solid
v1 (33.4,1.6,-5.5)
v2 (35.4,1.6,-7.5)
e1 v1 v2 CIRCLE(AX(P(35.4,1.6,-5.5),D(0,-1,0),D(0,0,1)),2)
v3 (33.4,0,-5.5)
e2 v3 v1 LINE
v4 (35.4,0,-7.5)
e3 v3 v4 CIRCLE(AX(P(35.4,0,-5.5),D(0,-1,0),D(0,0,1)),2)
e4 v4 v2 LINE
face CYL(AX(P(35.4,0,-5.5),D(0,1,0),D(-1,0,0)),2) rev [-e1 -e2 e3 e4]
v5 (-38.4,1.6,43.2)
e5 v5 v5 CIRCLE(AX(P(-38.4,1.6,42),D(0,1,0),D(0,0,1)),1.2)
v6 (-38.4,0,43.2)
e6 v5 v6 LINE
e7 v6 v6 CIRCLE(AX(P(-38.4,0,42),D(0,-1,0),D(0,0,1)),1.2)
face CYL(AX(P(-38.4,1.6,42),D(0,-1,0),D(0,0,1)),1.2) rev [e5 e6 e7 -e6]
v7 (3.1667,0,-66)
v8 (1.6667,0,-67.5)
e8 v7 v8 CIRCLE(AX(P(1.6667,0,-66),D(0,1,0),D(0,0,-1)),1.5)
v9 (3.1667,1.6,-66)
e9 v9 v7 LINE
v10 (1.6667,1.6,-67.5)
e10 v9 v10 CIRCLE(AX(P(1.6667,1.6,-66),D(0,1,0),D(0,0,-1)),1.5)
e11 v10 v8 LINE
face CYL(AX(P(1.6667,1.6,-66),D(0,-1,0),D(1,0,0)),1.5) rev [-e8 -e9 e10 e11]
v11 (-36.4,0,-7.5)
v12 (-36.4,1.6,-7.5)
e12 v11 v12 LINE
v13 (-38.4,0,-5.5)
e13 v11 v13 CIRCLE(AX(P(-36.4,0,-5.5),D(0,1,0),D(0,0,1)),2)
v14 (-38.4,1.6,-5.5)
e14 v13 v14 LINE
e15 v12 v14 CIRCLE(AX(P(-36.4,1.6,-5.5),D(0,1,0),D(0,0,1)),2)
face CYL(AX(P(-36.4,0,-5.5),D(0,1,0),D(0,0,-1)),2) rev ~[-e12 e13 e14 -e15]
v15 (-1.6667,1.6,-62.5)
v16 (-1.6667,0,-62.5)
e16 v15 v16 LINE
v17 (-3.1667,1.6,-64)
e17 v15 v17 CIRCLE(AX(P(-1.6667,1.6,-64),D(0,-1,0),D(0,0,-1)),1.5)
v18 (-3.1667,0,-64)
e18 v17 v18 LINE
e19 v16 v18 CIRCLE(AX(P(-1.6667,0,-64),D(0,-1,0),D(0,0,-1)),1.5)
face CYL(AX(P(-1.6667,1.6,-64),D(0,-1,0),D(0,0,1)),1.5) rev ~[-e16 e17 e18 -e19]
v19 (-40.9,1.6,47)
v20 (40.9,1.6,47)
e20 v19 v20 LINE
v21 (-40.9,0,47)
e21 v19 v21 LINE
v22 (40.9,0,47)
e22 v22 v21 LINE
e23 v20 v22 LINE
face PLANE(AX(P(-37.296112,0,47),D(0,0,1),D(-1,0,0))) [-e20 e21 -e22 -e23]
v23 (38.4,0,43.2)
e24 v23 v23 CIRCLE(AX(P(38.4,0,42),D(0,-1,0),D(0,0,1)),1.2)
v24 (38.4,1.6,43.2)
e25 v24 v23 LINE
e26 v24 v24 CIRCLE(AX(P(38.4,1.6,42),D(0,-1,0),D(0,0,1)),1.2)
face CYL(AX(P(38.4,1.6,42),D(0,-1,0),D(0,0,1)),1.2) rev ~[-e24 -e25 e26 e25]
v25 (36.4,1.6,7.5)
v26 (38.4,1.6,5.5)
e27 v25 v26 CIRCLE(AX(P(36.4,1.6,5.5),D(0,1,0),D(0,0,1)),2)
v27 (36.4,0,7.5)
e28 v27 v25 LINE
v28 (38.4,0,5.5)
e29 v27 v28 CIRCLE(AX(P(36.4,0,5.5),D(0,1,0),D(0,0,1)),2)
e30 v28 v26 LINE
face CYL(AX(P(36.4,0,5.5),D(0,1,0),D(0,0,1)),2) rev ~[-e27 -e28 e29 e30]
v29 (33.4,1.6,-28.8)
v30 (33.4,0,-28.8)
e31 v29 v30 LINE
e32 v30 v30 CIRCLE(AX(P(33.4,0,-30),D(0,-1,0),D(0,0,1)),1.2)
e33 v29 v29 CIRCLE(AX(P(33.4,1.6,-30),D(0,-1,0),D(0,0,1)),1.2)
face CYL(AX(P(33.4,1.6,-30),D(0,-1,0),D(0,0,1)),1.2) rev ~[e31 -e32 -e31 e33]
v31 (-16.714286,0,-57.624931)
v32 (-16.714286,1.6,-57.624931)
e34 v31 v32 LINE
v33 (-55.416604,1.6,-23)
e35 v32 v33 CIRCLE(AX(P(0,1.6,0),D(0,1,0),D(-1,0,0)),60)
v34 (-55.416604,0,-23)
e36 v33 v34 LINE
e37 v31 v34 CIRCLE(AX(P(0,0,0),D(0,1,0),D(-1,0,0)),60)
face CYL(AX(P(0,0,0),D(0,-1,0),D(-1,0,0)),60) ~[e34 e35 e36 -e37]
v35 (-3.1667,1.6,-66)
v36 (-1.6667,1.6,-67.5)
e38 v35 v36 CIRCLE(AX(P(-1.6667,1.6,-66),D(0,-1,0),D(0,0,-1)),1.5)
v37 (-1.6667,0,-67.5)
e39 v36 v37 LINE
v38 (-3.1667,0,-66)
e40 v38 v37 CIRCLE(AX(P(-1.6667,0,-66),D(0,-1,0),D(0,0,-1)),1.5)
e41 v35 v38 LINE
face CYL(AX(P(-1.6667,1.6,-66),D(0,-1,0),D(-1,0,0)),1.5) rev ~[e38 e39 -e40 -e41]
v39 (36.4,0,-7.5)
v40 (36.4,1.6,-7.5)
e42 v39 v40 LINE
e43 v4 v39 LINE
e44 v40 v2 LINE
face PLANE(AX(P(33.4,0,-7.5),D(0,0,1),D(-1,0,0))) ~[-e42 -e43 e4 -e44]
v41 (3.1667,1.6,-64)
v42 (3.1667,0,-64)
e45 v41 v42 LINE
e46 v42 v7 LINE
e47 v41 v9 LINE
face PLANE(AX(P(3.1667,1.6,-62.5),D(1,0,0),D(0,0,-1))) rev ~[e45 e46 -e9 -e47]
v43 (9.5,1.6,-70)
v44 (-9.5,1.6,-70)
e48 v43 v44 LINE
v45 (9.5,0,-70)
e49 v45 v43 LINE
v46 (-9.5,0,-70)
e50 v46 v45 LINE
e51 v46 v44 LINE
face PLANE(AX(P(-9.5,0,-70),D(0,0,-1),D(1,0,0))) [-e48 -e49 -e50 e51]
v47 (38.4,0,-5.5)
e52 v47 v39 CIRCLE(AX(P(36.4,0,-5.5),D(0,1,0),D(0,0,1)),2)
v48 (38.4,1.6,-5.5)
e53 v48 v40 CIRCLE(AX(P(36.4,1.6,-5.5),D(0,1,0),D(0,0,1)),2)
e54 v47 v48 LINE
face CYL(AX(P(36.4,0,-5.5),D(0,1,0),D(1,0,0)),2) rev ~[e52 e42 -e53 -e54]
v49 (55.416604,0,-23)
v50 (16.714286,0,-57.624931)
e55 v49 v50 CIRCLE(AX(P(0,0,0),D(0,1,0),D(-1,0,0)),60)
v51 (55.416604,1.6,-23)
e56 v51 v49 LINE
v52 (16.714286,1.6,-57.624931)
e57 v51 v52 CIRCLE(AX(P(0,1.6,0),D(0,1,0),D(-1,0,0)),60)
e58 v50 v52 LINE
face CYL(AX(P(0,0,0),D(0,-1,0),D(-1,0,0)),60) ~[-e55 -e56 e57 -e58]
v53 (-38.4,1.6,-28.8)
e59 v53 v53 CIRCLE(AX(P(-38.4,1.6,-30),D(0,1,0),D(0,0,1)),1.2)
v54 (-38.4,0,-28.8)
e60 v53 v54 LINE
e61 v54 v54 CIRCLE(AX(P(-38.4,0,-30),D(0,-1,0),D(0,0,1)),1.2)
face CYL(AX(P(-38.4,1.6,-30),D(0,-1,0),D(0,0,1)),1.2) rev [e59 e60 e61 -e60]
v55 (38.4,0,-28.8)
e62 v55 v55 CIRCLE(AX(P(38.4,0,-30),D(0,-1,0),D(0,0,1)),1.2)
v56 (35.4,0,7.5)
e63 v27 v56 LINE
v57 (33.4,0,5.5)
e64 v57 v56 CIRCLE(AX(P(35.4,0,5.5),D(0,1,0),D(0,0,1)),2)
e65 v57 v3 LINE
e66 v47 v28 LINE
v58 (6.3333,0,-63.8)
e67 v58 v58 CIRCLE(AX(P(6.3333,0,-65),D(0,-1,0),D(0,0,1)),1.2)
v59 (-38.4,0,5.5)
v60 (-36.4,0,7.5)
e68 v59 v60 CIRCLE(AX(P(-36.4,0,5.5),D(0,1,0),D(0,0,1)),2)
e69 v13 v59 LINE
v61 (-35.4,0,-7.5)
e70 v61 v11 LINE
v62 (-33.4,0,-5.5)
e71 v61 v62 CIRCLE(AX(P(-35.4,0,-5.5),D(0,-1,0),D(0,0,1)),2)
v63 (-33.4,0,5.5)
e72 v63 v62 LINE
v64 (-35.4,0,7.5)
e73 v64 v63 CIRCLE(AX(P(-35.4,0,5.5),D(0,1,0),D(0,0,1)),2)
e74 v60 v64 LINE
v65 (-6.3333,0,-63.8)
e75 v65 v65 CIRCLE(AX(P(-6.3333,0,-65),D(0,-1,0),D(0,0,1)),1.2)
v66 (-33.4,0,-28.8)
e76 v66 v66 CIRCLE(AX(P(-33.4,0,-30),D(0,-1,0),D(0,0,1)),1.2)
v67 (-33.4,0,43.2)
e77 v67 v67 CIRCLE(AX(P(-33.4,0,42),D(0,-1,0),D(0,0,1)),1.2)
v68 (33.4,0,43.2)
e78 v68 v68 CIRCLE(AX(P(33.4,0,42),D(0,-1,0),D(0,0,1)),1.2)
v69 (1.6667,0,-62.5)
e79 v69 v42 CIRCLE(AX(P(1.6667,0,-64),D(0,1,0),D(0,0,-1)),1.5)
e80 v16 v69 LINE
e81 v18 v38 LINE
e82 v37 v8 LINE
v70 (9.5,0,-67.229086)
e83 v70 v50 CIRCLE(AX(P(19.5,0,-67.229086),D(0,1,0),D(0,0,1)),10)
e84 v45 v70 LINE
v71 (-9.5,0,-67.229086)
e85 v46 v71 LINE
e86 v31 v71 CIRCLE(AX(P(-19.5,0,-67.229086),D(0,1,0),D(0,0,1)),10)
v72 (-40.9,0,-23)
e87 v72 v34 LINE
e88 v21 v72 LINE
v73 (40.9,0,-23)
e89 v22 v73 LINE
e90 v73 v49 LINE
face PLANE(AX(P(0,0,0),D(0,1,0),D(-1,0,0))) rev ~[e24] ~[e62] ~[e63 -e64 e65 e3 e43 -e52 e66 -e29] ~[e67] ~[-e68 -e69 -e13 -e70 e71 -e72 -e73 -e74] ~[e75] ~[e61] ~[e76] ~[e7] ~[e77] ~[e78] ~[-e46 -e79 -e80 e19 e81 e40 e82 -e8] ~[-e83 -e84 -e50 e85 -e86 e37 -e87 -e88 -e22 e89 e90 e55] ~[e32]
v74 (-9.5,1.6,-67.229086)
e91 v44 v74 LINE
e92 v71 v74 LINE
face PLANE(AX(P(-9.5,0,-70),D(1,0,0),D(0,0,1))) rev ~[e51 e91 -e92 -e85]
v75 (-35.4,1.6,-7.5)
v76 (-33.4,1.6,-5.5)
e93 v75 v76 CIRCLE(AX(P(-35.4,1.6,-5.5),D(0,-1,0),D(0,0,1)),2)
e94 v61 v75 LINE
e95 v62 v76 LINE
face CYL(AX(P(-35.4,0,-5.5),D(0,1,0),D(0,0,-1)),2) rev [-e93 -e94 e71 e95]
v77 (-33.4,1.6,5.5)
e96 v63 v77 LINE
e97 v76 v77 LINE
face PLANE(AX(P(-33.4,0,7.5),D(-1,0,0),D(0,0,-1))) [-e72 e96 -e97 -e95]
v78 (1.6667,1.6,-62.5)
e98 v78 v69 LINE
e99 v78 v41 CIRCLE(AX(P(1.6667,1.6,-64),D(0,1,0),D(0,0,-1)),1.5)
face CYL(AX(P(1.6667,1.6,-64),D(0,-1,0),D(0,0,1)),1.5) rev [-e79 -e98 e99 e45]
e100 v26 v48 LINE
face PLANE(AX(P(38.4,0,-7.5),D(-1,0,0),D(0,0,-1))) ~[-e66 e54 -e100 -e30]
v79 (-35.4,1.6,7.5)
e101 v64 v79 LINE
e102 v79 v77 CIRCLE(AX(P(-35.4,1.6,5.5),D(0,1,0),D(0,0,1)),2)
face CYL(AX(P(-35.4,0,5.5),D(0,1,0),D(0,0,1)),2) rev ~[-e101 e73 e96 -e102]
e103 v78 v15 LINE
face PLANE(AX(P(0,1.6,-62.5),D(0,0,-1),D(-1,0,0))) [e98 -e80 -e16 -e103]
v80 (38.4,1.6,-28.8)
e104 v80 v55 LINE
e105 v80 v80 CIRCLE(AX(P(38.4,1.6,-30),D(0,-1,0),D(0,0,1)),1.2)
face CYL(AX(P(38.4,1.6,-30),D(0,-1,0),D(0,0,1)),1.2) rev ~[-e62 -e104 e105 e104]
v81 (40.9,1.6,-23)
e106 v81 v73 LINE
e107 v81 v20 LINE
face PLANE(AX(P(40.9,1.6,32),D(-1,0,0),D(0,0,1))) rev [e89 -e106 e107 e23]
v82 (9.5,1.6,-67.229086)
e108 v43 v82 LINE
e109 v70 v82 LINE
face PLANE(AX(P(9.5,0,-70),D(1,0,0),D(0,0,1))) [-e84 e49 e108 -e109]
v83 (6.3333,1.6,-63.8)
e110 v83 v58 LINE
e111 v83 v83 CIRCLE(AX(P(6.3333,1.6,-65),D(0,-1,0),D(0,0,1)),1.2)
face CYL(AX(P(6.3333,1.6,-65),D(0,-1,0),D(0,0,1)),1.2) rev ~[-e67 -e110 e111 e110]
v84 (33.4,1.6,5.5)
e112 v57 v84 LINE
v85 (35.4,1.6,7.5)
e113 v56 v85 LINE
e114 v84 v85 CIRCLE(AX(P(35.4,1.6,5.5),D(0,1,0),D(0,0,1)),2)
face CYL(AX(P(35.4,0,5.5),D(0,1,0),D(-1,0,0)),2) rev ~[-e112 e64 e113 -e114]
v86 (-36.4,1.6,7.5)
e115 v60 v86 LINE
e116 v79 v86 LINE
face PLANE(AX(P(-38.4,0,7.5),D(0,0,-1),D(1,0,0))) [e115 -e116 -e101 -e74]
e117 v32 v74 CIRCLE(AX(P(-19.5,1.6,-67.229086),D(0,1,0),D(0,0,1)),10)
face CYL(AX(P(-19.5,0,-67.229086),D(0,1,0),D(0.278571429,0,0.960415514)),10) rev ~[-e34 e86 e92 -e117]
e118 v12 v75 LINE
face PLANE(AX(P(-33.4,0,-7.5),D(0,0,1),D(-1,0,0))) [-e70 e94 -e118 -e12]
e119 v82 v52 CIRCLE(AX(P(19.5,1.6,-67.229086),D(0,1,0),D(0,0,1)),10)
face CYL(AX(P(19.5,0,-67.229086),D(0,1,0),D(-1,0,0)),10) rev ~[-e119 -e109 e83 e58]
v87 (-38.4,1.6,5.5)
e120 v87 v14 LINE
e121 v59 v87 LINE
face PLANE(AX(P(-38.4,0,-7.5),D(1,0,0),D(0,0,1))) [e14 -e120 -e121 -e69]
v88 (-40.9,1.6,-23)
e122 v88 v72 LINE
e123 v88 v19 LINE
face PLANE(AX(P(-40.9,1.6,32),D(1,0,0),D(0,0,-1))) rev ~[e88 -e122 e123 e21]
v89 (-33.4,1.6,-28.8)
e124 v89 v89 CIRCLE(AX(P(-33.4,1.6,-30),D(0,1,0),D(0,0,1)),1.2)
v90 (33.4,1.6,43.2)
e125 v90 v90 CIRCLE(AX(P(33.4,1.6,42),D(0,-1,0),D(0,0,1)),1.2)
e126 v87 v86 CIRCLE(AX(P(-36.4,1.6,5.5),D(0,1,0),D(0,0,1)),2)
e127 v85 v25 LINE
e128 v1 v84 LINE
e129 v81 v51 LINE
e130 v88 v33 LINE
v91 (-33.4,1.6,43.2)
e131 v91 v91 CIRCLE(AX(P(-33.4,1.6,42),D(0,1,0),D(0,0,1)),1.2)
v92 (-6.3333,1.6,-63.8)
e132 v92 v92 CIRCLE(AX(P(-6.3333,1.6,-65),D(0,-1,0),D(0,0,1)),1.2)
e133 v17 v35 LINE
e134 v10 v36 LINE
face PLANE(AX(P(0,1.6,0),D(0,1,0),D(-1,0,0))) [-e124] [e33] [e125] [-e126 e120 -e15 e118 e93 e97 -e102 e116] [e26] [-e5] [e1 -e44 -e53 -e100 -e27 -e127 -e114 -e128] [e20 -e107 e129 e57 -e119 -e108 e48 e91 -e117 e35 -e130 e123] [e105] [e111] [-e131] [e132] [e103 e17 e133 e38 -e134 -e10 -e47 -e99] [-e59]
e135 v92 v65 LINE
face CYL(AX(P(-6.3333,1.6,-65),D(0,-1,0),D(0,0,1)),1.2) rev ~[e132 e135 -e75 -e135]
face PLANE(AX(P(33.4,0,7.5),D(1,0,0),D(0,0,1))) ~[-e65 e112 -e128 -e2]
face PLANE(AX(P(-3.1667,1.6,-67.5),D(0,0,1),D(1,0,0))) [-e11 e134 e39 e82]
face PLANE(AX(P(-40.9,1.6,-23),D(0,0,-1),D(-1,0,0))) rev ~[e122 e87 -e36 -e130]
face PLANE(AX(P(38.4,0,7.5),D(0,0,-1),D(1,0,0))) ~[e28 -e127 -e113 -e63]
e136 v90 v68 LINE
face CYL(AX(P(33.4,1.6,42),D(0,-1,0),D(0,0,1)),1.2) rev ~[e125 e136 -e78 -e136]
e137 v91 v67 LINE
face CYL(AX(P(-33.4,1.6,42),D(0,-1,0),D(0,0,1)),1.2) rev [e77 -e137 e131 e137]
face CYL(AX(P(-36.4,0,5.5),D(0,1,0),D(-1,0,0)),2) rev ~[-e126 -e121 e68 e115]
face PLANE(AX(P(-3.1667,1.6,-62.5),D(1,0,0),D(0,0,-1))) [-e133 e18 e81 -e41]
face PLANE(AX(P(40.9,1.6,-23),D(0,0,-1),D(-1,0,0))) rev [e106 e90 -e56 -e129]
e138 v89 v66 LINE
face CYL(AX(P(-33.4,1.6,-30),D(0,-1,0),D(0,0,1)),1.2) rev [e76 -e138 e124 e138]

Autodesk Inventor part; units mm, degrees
ref_plane "YZ Plane" through (0, 0, 0) normal (1, 0, 0) x (0, 1, 0)
ref_plane "XZ Plane" through (0, 0, 0) normal (0, 1, 0) x (-1, 0, 0)
ref_plane "XY Plane" through (0, 0, 0) normal (0, 0, 1) x (1, 0, 0)
sketch "スケッチ1" plane through (0, 0, 0) normal (0, 1, 0) x (-1, 0, 0)
  circle A0 centre (0, 0) radius 60
  line L0 (60, 0) -> (-60, 0)
  line L1 (-60, 0) -> (-60, 47)
  line L2 (-60, 47) -> (60, 47)
  line L3 (60, 47) -> (60, 0)
  line L4 (9.5, -70) -> (9.5, -59.2431)
  line L5 (-9.5, -70) -> (-9.5, -59.2431)
  line L6 (9.5, -70) -> (-9.5, -70)
  line L7 (0, -70) -> (0, -60)
  point P0 (37.2961, 47)
  point P1 (3.75, -60.165)
  point P2 (-3.75, -60.165)
  point P3 (-37.2961, 47)
  dimension "d41" = 120
  dimension "d70" = 60.165
  dimension "d71" = 7.5
  dimension "d72" = 3.75
  dimension "d88" = 47
  dimension "d147" = 19
  dimension "d148" = 10
extrude "押し出し1" add sketch "スケッチ1" along normal blind 1.6 contours L0 A0 | L1 L2 A0 | A0 L2 L0 | A0 L7 L6 L5 | A0 L2 L3 | A0 L4 L6 L7
sketch "スケッチ6" plane through (0, 1.6, 0) normal (0, 1, 0) x (-1, 0, 0)
  line L0 (-33.4, -30) -> (-33.4, 42) construction
  line L1 (-33.4, 42) -> (-38.4, 42) construction
  line L2 (-38.4, 42) -> (-38.4, -30) construction
  line L3 (-33.4, 12) -> (-38.4, 12) construction
  line L4 (-40.9, 21.5) -> (-40.9, -18.5) construction
  line L5 (-33.4, -30) -> (-38.4, -30) construction
  line L6 (-42.5, 20) -> (-42.5, -20) construction
  point P0 (0, 0)
  point P1 (-35.9, 0)
  dimension "d52" = 5
  dimension "d53" = 72
  dimension "d54" = 30
  dimension "d55" = 2.5
  dimension "d68" = 33.4
  dimension "d69" = 12
  dimension "d100" = 30
hole "穴3" at (33.4, 1.6, 42) at (38.4, 1.6, 42) at (38.4, 1.6, -30) at (33.4, 1.6, -30) at (35.9, 1.6, 0) direction (0, -1, 0) diameter 2.4 end through all clearance for "Countersunk Flat Head Screw ISO 2009/7046" size "M2" standard "ISO"
mirror "ミラー2" about plane through (0, 0, 0) normal (1, 0, 0) of "穴3"
sketch "スケッチ9" plane through (0, 1.6, 0) normal (0, 1, 0) x (1, 0, 0)
  line L0 (-40.9, 23) -> (-70.9, 23)
  line L1 (-70.9, 23) -> (-70.9, -32)
  line L2 (-70.9, -32) -> (-40.9, -32)
  line L3 (-40.9, -32) -> (-40.9, 23)
  line L4 (-60, 0) -> (-60, -47) projected
  line L5 (-60, -47) -> (60, -47) projected
  line L6 (-40.9, -32) -> (-70.9, -32)
  line L7 (-70.9, -32) -> (-70.9, -49)
  line L8 (-70.9, -49) -> (-40.9, -49)
  line L9 (-40.9, -49) -> (-40.9, -32)
  point P0 (0, 0)
  point P1 (-40.9, -47)
  point P2 (-60, -32)
  dimension "d84" = 55
  dimension "d89" = 23
  dimension "d90" = 40.9
  dimension "d91" = 30
  dimension "d92" = 17
extrude "押し出し2" cut sketch "スケッチ9" against normal blind 10 contours L3 L2 L1 L0 | L9 L5 L4 L2
mirror "ミラー3" about plane through (0, 0, 0) normal (1, 0, 0) of "押し出し2"
sketch "スケッチ12" plane through (0, 1.6, 0) normal (0, 1, 0) x (1, 0, 0)
  line L0 (-56.8017, 16.1133) -> (59.6732, 16.1133) construction
  line L1 (59.6732, 16.1133) -> (59.6732, -15.1509) construction
  line L2 (59.6732, -15.1509) -> (-56.8017, -15.1509) construction
  line L3 (-56.8017, -15.1509) -> (-56.8017, 16.1133) construction
  point P0 (0, 0)
sketch "スケッチ13" plane through (0, 1.6, 0) normal (0, 1, 0) x (1, 0, 0)
  point P0 (0, 0)
fillet "フィレット1" radius 10 2 edges at (9.5, 0.8, -59.2431) (-9.5, 0.8, -59.2431)
sketch "スケッチ16" plane through (0, 0, 0) normal (0, -1, 0) x (1, 0, 0)
  circle A0 centre (-35.9, 0) radius 1.2 projected
  line L0 (-33.4, -7.5) -> (-38.4, -7.5)
  line L1 (-38.4, -7.5) -> (-38.4, 7.5)
  line L2 (-38.4, 7.5) -> (-33.4, 7.5)
  line L3 (-33.4, 7.5) -> (-33.4, -7.5)
  line L4 (-33.4, -7.5) -> (-38.4, 7.5) construction
  line L5 (-33.4, 7.5) -> (-38.4, -7.5) construction
  point P0 (0, 0)
  point P1 (-35.9, 0)
  dimension "d120" = 5
  dimension "d121" = 15
extrude "押し出し4" cut sketch "スケッチ16" against normal blind 10
fillet "フィレット2" radius 2 4 edges at (-33.4, 0.8, -7.5) (-33.4, 0.8, 7.5) (-38.4, 0.8, 7.5) (-38.4, 0.8, -7.5)
mirror "ミラー5" about plane through (0, 0, 0) normal (1, 0, 0) of "押し出し4", "フィレット2"
sketch "スケッチ21" plane through (0, 1.6, 0) normal (0, 1, 0) x (1, 0, 0)
  line L0 (9.5, 72.5) -> (-9.5, 72.5) projected
  line L1 (-9.5, 70) -> (9.5, 70)
  line L2 (9.5, 70) -> (9.5, 60)
  line L3 (9.5, 60) -> (-9.5, 60)
  line L4 (-9.5, 60) -> (-9.5, 70)
  line L5 (0, 70) -> (0, 67.5)
  line L6 (-3.1667, 67.5) -> (0, 67.5)
  line L7 (0, 62.5) -> (-3.1667, 62.5)
  line L8 (-3.1667, 62.5) -> (-3.1667, 67.5)
  circle A0 centre (-6.3333, 65) radius 1.5833
  line L9 (0, 65) -> (-1.5833, 65) construction
  line L10 (-1.5833, 65) -> (-3.1667, 65) construction
  line L11 (-3.1667, 65) -> (-4.75, 65) construction
  line L12 (-4.75, 65) -> (-6.3333, 65) construction
  line L13 (-6.3333, 65) -> (-7.9167, 65) construction
  line L14 (-7.9167, 65) -> (-9.5, 65) construction
  line L15 (3.1667, 67.5) -> (0, 67.5)
  line L16 (0, 62.5) -> (3.1667, 62.5)
  line L17 (3.1667, 62.5) -> (3.1667, 67.5)
  circle A1 centre (6.3333, 65) radius 1.5833
  line L18 (0, 65) -> (0, 62.5)
  line L19 (0, 67.5) -> (0, 65)
  line L20 (0, 62.5) -> (0, 60)
  point P0 (0, 0)
  dimension "d146" = 10
extrude "押し出し7" cut sketch "スケッチ21" against normal blind 1.6 contours L19 L18 L7 L8 L6 | L15 L17 L16 L18 L19
sketch "スケッチ22" plane through (0, 1.6, 0) normal (0, 1, 0) x (1, 0, 0)
  line L0 (-3.1667, 67.5) -> (-3.1667, 62.5) projected
  line L1 (-3.1667, 65) -> (-9.5, 65)
  line L2 (-9.5, 70) -> (-9.5, 67.2291) projected
  line L3 (-3.1667, 67.5) -> (3.1667, 67.5) projected
  line L4 (0, 67.5) -> (0, 65.9167)
  point P0 (0, 0)
  point P1 (-6.3333, 65)
  point P2 (6.3333, 65)
hole "穴8" at (-6.3333, 1.6, -65) at (6.3333, 1.6, -65) direction (0, -1, 0) diameter 2.4 end through all clearance for "Countersunk Flat Head Screw ISO 2009/7046" size "M2" standard "ISO"
fillet "フィレット5" radius 1.5 4 edges at (-3.1667, 0.8, -67.5) (-3.1667, 0.8, -62.5) (3.1667, 0.8, -62.5) (3.1667, 0.8, -67.5)
ref_plane "作業平面5" through (0, 0, -23) normal (1, 0, 0) x (0, 0, -1)
properties part number "flame" material "エポキシ樹脂"
